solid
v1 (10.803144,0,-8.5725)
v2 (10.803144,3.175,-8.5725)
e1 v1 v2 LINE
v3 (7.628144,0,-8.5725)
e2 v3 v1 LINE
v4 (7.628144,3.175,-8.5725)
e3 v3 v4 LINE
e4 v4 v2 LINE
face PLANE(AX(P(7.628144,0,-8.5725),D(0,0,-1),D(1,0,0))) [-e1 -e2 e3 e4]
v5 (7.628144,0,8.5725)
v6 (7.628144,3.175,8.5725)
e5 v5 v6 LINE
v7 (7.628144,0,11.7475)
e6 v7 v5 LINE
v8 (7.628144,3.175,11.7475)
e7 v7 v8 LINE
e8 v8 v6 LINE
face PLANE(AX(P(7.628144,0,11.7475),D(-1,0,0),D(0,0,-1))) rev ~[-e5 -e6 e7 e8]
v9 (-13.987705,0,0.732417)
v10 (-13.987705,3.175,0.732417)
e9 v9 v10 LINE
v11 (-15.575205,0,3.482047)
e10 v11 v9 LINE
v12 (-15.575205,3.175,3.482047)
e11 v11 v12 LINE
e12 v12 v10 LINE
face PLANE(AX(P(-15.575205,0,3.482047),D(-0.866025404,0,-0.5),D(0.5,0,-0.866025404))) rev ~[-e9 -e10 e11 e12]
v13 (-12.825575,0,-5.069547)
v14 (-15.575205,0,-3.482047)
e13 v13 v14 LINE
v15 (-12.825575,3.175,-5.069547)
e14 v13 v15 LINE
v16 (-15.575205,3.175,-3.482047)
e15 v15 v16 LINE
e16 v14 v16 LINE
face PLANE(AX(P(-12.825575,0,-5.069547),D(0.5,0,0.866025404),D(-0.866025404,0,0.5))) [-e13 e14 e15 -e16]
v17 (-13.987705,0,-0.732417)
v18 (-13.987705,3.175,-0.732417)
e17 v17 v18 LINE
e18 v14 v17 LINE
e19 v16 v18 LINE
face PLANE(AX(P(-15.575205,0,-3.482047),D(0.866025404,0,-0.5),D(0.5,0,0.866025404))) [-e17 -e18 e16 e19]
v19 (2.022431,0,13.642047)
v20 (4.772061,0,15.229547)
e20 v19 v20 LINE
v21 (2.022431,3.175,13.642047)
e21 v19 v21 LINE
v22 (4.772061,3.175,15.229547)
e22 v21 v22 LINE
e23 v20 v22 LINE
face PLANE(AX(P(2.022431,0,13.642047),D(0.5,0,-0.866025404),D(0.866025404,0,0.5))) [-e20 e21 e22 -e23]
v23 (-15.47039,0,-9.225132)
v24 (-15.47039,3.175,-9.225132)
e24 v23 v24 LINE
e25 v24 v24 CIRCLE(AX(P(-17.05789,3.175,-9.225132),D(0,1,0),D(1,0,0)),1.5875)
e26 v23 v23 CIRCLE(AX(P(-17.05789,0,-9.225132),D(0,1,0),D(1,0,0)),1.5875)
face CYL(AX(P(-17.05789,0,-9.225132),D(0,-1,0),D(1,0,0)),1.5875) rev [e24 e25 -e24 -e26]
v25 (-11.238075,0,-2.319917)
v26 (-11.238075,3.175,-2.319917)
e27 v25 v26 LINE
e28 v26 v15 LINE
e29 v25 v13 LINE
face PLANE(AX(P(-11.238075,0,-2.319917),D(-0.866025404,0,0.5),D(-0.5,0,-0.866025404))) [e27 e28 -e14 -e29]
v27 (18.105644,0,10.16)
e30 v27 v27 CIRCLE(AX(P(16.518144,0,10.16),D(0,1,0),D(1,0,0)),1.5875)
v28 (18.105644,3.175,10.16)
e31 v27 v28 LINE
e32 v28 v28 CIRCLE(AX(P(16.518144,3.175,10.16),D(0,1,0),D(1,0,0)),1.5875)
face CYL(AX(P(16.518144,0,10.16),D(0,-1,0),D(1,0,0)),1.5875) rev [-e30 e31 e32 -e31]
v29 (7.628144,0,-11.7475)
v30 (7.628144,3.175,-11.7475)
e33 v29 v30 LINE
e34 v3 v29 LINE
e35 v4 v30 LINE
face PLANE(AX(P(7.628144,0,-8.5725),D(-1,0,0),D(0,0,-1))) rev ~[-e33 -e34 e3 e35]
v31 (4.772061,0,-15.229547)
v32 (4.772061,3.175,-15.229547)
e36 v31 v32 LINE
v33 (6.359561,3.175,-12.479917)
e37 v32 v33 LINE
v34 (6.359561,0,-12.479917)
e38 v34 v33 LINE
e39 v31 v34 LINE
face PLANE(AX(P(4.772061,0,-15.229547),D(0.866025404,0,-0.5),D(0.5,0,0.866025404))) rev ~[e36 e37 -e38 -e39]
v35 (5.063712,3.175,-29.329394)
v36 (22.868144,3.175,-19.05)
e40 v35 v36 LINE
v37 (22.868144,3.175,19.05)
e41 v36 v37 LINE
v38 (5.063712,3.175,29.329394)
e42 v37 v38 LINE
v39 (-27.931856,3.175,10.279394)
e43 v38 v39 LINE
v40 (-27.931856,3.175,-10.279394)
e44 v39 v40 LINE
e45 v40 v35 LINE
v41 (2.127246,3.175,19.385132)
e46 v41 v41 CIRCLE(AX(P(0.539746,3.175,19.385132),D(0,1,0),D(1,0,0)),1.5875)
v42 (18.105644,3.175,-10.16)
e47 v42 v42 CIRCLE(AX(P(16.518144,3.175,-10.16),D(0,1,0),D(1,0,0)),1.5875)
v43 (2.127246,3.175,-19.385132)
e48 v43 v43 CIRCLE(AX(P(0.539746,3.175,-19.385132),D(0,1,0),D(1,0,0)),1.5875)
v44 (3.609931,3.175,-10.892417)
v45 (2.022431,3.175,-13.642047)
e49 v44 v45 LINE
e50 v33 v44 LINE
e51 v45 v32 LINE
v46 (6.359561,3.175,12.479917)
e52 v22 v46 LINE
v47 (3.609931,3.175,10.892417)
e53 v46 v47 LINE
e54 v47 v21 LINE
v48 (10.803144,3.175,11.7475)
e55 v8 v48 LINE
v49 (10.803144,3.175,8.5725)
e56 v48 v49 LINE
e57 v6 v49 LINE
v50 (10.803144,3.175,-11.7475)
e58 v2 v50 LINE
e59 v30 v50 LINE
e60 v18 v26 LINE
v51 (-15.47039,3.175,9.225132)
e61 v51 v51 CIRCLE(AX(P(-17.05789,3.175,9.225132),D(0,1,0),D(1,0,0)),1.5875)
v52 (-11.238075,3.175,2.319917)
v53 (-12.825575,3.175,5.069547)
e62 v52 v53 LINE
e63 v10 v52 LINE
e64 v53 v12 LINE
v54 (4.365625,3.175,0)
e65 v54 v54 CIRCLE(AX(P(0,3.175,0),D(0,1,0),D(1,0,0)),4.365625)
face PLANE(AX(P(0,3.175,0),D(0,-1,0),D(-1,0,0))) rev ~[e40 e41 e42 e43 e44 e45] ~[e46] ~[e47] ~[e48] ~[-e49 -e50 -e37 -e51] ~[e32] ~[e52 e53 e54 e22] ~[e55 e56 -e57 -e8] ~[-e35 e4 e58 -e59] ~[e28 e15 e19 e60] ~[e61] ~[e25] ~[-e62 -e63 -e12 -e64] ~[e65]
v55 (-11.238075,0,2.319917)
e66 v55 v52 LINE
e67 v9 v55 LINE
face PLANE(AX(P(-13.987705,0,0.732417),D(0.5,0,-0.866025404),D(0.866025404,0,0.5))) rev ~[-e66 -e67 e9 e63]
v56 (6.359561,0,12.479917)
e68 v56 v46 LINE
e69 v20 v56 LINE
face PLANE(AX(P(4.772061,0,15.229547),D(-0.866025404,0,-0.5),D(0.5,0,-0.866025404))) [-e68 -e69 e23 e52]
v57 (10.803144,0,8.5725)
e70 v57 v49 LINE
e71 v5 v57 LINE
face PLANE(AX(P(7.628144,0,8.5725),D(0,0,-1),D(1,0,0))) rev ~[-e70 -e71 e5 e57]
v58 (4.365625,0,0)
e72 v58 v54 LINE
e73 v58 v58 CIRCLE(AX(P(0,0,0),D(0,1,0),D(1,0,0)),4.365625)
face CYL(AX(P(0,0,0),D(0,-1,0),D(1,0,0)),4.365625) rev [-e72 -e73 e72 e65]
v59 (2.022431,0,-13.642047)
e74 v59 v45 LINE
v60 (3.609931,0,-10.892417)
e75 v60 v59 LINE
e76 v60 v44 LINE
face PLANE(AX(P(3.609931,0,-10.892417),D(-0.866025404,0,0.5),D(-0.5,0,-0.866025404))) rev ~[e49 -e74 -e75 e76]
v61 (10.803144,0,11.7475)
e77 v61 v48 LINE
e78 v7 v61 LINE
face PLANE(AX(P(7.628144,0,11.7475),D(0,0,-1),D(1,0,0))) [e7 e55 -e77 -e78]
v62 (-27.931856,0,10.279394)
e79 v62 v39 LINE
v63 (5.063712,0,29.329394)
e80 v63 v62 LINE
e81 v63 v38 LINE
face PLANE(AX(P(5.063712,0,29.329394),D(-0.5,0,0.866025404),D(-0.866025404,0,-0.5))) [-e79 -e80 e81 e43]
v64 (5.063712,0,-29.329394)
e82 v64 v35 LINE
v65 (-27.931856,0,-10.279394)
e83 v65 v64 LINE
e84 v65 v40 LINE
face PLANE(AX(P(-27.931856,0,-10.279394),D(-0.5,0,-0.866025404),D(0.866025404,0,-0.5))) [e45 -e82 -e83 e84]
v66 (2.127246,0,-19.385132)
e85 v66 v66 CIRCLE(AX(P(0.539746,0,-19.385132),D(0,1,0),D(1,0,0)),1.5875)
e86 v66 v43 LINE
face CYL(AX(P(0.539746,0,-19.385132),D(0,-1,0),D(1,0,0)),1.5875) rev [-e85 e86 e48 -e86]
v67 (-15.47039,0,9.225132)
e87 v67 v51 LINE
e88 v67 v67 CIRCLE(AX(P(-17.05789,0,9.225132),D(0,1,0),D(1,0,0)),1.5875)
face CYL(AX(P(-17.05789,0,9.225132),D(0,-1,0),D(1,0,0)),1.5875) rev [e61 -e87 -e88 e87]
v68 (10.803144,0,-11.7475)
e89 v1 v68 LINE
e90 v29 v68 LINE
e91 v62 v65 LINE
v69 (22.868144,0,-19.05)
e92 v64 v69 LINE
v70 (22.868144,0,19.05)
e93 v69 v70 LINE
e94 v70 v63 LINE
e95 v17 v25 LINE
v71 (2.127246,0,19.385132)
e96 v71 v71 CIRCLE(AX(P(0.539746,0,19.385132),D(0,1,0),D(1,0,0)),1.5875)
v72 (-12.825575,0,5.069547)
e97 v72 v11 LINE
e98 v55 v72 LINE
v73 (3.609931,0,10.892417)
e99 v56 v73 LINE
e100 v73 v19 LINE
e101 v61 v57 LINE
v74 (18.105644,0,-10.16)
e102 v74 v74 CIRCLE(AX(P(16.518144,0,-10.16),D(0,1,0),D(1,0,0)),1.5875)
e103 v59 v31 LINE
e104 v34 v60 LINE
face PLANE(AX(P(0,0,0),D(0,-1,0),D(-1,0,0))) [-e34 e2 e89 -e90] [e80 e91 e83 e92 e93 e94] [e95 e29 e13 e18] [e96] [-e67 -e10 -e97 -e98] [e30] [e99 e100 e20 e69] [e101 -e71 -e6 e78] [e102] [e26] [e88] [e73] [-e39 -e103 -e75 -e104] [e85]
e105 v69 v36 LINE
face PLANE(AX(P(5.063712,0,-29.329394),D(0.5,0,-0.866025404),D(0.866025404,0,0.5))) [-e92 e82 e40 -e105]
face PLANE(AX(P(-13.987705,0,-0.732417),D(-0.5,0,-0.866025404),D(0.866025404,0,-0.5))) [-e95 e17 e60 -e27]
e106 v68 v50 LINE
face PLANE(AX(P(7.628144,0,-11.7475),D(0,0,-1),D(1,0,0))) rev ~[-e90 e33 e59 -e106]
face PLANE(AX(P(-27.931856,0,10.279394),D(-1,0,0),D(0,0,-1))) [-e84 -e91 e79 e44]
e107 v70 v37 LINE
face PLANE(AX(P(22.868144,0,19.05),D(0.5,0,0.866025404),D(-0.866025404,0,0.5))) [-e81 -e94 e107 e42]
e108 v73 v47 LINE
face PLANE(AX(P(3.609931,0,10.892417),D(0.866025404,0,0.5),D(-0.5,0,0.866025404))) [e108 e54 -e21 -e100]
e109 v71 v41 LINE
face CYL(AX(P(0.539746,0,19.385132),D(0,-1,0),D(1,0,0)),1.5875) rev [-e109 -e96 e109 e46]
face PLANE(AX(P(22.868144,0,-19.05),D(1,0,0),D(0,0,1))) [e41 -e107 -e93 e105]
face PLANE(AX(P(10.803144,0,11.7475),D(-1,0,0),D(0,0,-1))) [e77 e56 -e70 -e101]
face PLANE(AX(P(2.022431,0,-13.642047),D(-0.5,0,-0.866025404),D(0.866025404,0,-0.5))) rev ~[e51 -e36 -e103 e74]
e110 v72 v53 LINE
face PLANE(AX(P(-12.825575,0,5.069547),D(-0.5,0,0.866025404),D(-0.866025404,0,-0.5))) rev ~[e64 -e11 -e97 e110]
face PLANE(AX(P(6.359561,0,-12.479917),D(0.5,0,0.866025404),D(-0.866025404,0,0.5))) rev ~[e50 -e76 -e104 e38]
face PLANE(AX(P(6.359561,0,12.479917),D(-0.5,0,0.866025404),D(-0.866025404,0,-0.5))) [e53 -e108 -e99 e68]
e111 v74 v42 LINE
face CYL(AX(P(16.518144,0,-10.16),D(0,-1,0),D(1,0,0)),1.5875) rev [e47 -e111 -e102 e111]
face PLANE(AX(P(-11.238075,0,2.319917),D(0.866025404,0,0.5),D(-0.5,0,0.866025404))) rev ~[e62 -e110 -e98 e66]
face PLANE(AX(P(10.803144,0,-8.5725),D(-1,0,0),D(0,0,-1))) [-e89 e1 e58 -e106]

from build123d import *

# Parameters (mm, degrees)
SKETCH2_R           = 1.5875
SKETCH2_R_2         = 4.365625
SKETCH2_W           = 3.175
SKETCH2_H           = 3.175
BOSS_EXTRUDE2_DEPTH = 3.175


with BuildPart() as part:
    # Sketch2 → Boss-Extrude2 (new body)
    with BuildSketch(Plane(origin=(0, 0, 0), x_dir=(1, 0, 0), z_dir=(0, 1, 0))):
        Polygon((22.868144039, 19.05), (22.868144039, -19.05), (5.063711923, -29.329393675), (-27.931855961, -10.279393675), (-27.931855961, 10.279393675), (5.063711923, 29.329393675), align=None)
        with Locations((16.518144039, 10.16)):
            Circle(SKETCH2_R, mode=Mode.SUBTRACT)
        with Locations((16.518144039, -10.16)):
            Circle(SKETCH2_R, mode=Mode.SUBTRACT)
        with Locations((0.539746083, -19.385132361)):
            Circle(SKETCH2_R, mode=Mode.SUBTRACT)
        Circle(SKETCH2_R_2, mode=Mode.SUBTRACT)
        with Locations((-17.057890122, -9.225132361)):
            Circle(SKETCH2_R, mode=Mode.SUBTRACT)
        with Locations((-17.057890122, 9.225132361)):
            Circle(SKETCH2_R, mode=Mode.SUBTRACT)
        with Locations((0.539746083, 19.385132361)):
            Circle(SKETCH2_R, mode=Mode.SUBTRACT)
        with Locations((9.215644039, 10.16)):
            Rectangle(SKETCH2_W, SKETCH2_H, mode=Mode.SUBTRACT)
        with Locations((9.215644039, -10.16)):
            Rectangle(SKETCH2_W, SKETCH2_H, mode=Mode.SUBTRACT)
        Polygon((3.609930755, -10.892416521), (2.022430755, -13.642047178), (4.772061412, -15.229547178), (6.359561412, -12.479916521), align=None, mode=Mode.SUBTRACT)
        Polygon((-11.238074793, -2.319916521), (-12.825574793, -5.069547178), (-15.57520545, -3.482047178), (-13.98770545, -0.732416521), align=None, mode=Mode.SUBTRACT)
        Polygon((-11.238074793, 2.319916521), (-12.825574793, 5.069547178), (-15.57520545, 3.482047178), (-13.98770545, 0.732416521), align=None, mode=Mode.SUBTRACT)
        Polygon((3.609930755, 10.892416521), (2.022430755, 13.642047178), (4.772061412, 15.229547178), (6.359561412, 12.479916521), align=None, mode=Mode.SUBTRACT)
    extrude(amount=BOSS_EXTRUDE2_DEPTH)


solid = part.part
